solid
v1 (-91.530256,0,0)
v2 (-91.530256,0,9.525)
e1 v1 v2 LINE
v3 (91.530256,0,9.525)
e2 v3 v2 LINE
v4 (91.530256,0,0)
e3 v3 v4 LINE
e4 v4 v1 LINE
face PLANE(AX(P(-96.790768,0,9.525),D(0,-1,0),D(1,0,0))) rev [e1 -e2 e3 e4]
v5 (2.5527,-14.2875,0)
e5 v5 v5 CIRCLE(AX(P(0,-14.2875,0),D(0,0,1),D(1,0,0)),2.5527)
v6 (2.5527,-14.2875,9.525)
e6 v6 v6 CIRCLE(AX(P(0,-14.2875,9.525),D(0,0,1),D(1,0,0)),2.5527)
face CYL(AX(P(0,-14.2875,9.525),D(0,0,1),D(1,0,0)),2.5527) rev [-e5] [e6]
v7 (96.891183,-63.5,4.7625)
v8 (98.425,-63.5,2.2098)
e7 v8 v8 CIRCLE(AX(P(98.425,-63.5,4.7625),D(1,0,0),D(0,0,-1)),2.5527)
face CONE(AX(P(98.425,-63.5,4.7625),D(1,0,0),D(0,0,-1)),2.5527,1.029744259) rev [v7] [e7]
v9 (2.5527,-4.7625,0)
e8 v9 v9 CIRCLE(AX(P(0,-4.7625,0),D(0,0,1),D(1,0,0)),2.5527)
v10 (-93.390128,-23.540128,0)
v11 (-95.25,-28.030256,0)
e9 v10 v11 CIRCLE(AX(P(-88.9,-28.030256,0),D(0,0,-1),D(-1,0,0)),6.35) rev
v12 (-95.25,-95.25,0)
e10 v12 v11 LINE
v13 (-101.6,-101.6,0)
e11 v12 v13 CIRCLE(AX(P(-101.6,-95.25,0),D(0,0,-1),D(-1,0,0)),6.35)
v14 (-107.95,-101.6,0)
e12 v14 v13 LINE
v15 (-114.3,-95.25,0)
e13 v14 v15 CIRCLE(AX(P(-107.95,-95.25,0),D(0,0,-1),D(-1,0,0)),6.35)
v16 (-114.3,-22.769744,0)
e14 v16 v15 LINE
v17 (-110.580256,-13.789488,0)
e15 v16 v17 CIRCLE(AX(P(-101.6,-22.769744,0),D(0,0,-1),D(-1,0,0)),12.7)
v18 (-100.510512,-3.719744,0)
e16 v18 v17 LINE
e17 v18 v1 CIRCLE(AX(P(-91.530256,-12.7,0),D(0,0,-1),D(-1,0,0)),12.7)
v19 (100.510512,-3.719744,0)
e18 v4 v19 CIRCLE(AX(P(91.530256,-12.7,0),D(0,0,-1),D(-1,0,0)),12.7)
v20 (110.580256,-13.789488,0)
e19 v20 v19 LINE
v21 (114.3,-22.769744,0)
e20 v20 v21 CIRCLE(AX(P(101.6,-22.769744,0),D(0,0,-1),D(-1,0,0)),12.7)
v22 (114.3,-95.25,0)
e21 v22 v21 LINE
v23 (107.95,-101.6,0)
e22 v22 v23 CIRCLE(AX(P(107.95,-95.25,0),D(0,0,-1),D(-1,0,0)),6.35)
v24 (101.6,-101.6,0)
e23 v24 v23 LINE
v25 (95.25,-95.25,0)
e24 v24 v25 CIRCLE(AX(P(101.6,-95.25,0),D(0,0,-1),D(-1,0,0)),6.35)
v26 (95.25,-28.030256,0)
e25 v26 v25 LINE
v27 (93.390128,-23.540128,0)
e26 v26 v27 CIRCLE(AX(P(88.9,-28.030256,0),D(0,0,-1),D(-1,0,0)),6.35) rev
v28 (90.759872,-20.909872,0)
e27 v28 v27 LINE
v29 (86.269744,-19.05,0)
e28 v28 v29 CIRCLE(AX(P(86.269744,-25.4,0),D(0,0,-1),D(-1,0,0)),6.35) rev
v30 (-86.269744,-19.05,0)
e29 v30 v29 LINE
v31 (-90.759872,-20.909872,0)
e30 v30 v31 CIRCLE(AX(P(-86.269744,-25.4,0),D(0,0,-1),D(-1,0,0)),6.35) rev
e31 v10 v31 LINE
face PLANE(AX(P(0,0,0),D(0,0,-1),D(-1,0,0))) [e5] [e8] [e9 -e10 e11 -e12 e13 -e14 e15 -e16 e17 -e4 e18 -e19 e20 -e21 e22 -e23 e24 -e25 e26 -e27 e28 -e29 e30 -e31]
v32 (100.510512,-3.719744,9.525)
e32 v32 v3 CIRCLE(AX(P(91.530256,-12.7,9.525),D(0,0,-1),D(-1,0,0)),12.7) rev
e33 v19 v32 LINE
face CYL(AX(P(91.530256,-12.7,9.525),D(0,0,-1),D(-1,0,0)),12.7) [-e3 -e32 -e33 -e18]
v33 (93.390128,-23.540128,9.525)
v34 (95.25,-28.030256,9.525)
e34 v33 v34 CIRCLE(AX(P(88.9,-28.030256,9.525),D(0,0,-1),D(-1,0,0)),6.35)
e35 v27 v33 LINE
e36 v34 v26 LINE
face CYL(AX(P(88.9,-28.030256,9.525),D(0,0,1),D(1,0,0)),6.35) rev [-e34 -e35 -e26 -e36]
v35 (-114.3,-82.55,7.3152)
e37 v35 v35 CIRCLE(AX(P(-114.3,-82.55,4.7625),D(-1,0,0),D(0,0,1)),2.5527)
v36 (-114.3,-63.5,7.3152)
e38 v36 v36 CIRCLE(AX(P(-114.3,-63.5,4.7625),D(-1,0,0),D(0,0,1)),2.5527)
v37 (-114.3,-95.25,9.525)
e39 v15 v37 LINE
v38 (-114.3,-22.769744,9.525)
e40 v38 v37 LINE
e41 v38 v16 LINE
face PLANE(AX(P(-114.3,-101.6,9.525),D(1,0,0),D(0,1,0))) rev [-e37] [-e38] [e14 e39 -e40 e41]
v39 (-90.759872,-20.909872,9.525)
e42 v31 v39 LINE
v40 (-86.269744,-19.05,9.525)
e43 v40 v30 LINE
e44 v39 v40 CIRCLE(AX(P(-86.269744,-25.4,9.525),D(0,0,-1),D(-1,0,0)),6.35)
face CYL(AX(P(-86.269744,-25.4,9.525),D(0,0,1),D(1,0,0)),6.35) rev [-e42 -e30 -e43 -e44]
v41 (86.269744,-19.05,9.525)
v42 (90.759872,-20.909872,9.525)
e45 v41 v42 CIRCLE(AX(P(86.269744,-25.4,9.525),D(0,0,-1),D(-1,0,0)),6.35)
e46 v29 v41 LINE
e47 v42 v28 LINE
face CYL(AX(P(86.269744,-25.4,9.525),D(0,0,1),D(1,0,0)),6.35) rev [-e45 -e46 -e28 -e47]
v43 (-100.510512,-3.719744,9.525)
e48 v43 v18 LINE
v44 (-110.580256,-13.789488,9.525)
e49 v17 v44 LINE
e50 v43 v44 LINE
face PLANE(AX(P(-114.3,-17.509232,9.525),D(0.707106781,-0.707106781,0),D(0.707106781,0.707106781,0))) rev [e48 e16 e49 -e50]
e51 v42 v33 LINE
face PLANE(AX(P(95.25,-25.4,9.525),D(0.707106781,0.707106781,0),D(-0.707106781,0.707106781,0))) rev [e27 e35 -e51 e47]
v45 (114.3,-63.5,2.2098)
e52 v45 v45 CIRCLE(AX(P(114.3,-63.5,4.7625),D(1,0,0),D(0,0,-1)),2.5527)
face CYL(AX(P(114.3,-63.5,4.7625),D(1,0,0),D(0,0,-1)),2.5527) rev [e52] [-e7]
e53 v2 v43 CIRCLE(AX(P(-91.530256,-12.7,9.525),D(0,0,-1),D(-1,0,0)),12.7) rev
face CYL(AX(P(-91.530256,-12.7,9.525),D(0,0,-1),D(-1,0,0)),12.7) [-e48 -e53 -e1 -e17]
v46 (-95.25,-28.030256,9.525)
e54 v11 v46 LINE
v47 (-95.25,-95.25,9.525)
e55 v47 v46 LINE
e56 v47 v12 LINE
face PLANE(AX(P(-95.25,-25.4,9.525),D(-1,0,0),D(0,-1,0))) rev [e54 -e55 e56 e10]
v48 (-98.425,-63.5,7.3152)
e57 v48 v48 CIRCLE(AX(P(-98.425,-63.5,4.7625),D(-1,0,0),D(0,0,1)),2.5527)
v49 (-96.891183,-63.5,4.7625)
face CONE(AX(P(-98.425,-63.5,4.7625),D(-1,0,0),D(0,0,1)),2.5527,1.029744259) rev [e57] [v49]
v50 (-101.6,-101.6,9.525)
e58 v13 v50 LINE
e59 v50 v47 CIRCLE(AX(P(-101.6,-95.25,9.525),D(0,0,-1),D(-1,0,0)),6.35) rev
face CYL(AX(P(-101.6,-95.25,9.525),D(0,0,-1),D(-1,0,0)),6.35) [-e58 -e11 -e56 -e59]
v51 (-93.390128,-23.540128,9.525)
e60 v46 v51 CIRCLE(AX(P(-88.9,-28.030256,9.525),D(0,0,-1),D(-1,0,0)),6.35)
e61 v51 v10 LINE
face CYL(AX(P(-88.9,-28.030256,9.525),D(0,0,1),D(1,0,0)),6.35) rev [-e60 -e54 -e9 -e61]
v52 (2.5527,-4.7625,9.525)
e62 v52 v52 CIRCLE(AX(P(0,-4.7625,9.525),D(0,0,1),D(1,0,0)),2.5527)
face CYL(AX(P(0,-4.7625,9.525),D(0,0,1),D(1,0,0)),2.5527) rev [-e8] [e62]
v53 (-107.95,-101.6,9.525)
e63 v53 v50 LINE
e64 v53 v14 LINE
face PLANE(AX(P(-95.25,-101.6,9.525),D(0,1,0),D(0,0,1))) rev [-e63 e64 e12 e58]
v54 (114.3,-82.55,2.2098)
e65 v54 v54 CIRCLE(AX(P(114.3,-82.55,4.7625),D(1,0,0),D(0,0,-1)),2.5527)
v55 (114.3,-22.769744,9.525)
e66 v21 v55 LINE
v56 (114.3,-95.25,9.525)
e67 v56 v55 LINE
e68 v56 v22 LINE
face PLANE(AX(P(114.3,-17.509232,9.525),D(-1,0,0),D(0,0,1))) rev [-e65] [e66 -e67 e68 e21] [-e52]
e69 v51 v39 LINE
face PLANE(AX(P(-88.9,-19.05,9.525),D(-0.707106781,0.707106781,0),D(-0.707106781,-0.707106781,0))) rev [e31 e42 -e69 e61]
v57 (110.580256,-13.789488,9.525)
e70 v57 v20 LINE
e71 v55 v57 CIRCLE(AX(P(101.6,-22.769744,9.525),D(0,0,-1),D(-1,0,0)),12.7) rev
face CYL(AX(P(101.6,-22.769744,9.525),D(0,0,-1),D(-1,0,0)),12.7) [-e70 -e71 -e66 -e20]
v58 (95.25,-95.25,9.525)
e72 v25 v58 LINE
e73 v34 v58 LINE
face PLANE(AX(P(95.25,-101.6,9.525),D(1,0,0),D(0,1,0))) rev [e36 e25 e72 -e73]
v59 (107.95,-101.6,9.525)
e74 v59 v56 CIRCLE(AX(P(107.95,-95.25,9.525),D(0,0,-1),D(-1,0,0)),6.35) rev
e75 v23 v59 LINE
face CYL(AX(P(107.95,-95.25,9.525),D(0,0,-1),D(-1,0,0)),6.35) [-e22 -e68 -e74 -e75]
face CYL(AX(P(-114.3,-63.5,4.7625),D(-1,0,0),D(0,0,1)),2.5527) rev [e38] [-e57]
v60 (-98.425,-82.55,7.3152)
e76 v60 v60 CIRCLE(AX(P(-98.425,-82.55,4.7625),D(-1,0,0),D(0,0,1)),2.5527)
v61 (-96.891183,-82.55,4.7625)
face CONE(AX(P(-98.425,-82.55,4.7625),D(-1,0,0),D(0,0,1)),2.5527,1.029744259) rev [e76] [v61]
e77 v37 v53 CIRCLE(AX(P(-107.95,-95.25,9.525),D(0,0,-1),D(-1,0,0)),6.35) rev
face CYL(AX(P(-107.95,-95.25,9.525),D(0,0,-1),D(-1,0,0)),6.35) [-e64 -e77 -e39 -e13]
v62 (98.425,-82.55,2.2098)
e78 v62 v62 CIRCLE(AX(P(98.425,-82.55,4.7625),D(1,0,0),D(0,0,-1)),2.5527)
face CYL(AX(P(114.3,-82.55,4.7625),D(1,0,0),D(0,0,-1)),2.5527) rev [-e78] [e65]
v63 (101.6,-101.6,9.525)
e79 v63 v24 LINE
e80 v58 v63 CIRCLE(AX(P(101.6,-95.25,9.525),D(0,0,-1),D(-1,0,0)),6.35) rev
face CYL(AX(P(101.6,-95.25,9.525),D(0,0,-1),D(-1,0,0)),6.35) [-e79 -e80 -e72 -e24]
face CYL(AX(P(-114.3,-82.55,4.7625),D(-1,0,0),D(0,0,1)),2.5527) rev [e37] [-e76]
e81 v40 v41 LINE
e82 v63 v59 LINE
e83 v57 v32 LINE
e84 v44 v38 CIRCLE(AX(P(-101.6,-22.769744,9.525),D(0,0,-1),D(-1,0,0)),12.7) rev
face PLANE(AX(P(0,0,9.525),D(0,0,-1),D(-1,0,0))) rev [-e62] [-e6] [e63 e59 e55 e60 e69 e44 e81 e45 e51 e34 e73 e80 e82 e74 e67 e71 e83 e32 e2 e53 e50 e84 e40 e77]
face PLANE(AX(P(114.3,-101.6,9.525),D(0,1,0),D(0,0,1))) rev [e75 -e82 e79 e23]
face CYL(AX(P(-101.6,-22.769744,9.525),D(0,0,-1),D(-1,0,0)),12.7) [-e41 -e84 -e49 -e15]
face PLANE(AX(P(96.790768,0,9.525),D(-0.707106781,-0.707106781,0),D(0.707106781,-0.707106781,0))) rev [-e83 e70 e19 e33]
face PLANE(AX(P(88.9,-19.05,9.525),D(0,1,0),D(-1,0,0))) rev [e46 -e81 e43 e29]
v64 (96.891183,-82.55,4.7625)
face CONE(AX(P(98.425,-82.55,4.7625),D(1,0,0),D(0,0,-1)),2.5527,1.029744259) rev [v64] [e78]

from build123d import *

# Parameters (mm, degrees)
BOSS_EXTRUDE1_DEPTH              = 9.525
FILLET3_R                        = 6.35
FILLET1_R                        = 12.7
F_1_4_20_TAPPED_HOLE1_D          = 5.1054
F_1_4_20_TAPPED_HOLE2_AT_2_COUNT = 2
F_1_4_20_TAPPED_HOLE2_AT_2_PITCH = 19.05


with BuildPart() as part:
    # Sketch1 → Boss-Extrude1 (new body)
    with BuildSketch(Plane.XY):
        Polygon((-114.3, -17.509231637), (-96.790768363, 0), (96.790768363, 0), (114.3, -17.509231637), (114.3, -101.6), (95.25, -101.6), (95.25, -25.4), (88.9, -19.05), (-88.9, -19.05), (-95.25, -25.4), (-95.25, -101.6), (-114.3, -101.6), align=None)
    extrude(amount=BOSS_EXTRUDE1_DEPTH)

    # Fillet3
    fillet3_edges = [part.edges().sort_by_distance(p)[0] for p in [
        (114.3, -101.6, 4.7625),
        (95.25, -101.6, 4.7625),
        (95.25, -25.4, 4.7625),
        (88.9, -19.05, 4.7625),
        (-88.9, -19.05, 4.7625),
        (-95.25, -25.4, 4.7625),
        (-95.25, -101.6, 4.7625),
        (-114.3, -101.6, 4.7625),
    ]]
    fillet(fillet3_edges, radius=FILLET3_R)

    # Fillet1
    fillet1_edges = [part.edges().sort_by_distance(p)[0] for p in [
        (-114.3, -17.509231637, 4.7625),
        (-96.790768363, 0, 4.7625),
        (96.790768363, 0, 4.7625),
        (114.3, -17.509231637, 4.7625),
    ]]
    fillet(fillet1_edges, radius=FILLET1_R)

    # 1/4-20 Tapped Hole1 (through all)
    with Locations(Plane.XY.offset(9.525)):
        with Locations((0, -4.7625), (0, -14.2875)):
            Hole(F_1_4_20_TAPPED_HOLE1_D / 2)

    # Sketch5 → 1/4-20 Tapped Hole2 (revolve, cut)
    with BuildSketch(Plane(origin=(114.3, -82.55, 4.7625), x_dir=(0, 0, -1), z_dir=(0, 1, 0))):
        Polygon((0, 0), (0, 17.408816902), (2.5527, 15.875), (2.5527, 0), align=None)
    f_1_4_20_tapped_hole2 = revolve(axis=Axis((120.65, -82.55, 4.7625), (-1, 0, 0)), mode=Mode.SUBTRACT)

    # 1/4-20 Tapped Hole2 at 2: 1/4-20 Tapped Hole2 ×2
    with Locations(*[(0, i * F_1_4_20_TAPPED_HOLE2_AT_2_PITCH, 0) for i in range(1, F_1_4_20_TAPPED_HOLE2_AT_2_COUNT)]):
        add(f_1_4_20_tapped_hole2, mode=Mode.SUBTRACT)

    # Mirror1: 1/4-20 Tapped Hole2 across plane
    add(f_1_4_20_tapped_hole2.mirror(Plane(origin=(0, 0, 0), x_dir=(0, 0, 1), z_dir=(1, 0, 0))), mode=Mode.SUBTRACT)

    # Mirror1 copy 1 sketch → Mirror1 copy 1 (revolve, cut)
    with BuildSketch(Plane(origin=(-114.3, -63.5, 4.7625), x_dir=(0, 0, -1), z_dir=(0, 1, 0))):
        Polygon((0, 0), (0, -17.408816902), (2.5527, -15.875), (2.5527, 0), align=None)
    revolve(axis=Axis((-120.65, -63.5, 4.7625), (-1, 0, 0)), mode=Mode.SUBTRACT)


solid = part.part
